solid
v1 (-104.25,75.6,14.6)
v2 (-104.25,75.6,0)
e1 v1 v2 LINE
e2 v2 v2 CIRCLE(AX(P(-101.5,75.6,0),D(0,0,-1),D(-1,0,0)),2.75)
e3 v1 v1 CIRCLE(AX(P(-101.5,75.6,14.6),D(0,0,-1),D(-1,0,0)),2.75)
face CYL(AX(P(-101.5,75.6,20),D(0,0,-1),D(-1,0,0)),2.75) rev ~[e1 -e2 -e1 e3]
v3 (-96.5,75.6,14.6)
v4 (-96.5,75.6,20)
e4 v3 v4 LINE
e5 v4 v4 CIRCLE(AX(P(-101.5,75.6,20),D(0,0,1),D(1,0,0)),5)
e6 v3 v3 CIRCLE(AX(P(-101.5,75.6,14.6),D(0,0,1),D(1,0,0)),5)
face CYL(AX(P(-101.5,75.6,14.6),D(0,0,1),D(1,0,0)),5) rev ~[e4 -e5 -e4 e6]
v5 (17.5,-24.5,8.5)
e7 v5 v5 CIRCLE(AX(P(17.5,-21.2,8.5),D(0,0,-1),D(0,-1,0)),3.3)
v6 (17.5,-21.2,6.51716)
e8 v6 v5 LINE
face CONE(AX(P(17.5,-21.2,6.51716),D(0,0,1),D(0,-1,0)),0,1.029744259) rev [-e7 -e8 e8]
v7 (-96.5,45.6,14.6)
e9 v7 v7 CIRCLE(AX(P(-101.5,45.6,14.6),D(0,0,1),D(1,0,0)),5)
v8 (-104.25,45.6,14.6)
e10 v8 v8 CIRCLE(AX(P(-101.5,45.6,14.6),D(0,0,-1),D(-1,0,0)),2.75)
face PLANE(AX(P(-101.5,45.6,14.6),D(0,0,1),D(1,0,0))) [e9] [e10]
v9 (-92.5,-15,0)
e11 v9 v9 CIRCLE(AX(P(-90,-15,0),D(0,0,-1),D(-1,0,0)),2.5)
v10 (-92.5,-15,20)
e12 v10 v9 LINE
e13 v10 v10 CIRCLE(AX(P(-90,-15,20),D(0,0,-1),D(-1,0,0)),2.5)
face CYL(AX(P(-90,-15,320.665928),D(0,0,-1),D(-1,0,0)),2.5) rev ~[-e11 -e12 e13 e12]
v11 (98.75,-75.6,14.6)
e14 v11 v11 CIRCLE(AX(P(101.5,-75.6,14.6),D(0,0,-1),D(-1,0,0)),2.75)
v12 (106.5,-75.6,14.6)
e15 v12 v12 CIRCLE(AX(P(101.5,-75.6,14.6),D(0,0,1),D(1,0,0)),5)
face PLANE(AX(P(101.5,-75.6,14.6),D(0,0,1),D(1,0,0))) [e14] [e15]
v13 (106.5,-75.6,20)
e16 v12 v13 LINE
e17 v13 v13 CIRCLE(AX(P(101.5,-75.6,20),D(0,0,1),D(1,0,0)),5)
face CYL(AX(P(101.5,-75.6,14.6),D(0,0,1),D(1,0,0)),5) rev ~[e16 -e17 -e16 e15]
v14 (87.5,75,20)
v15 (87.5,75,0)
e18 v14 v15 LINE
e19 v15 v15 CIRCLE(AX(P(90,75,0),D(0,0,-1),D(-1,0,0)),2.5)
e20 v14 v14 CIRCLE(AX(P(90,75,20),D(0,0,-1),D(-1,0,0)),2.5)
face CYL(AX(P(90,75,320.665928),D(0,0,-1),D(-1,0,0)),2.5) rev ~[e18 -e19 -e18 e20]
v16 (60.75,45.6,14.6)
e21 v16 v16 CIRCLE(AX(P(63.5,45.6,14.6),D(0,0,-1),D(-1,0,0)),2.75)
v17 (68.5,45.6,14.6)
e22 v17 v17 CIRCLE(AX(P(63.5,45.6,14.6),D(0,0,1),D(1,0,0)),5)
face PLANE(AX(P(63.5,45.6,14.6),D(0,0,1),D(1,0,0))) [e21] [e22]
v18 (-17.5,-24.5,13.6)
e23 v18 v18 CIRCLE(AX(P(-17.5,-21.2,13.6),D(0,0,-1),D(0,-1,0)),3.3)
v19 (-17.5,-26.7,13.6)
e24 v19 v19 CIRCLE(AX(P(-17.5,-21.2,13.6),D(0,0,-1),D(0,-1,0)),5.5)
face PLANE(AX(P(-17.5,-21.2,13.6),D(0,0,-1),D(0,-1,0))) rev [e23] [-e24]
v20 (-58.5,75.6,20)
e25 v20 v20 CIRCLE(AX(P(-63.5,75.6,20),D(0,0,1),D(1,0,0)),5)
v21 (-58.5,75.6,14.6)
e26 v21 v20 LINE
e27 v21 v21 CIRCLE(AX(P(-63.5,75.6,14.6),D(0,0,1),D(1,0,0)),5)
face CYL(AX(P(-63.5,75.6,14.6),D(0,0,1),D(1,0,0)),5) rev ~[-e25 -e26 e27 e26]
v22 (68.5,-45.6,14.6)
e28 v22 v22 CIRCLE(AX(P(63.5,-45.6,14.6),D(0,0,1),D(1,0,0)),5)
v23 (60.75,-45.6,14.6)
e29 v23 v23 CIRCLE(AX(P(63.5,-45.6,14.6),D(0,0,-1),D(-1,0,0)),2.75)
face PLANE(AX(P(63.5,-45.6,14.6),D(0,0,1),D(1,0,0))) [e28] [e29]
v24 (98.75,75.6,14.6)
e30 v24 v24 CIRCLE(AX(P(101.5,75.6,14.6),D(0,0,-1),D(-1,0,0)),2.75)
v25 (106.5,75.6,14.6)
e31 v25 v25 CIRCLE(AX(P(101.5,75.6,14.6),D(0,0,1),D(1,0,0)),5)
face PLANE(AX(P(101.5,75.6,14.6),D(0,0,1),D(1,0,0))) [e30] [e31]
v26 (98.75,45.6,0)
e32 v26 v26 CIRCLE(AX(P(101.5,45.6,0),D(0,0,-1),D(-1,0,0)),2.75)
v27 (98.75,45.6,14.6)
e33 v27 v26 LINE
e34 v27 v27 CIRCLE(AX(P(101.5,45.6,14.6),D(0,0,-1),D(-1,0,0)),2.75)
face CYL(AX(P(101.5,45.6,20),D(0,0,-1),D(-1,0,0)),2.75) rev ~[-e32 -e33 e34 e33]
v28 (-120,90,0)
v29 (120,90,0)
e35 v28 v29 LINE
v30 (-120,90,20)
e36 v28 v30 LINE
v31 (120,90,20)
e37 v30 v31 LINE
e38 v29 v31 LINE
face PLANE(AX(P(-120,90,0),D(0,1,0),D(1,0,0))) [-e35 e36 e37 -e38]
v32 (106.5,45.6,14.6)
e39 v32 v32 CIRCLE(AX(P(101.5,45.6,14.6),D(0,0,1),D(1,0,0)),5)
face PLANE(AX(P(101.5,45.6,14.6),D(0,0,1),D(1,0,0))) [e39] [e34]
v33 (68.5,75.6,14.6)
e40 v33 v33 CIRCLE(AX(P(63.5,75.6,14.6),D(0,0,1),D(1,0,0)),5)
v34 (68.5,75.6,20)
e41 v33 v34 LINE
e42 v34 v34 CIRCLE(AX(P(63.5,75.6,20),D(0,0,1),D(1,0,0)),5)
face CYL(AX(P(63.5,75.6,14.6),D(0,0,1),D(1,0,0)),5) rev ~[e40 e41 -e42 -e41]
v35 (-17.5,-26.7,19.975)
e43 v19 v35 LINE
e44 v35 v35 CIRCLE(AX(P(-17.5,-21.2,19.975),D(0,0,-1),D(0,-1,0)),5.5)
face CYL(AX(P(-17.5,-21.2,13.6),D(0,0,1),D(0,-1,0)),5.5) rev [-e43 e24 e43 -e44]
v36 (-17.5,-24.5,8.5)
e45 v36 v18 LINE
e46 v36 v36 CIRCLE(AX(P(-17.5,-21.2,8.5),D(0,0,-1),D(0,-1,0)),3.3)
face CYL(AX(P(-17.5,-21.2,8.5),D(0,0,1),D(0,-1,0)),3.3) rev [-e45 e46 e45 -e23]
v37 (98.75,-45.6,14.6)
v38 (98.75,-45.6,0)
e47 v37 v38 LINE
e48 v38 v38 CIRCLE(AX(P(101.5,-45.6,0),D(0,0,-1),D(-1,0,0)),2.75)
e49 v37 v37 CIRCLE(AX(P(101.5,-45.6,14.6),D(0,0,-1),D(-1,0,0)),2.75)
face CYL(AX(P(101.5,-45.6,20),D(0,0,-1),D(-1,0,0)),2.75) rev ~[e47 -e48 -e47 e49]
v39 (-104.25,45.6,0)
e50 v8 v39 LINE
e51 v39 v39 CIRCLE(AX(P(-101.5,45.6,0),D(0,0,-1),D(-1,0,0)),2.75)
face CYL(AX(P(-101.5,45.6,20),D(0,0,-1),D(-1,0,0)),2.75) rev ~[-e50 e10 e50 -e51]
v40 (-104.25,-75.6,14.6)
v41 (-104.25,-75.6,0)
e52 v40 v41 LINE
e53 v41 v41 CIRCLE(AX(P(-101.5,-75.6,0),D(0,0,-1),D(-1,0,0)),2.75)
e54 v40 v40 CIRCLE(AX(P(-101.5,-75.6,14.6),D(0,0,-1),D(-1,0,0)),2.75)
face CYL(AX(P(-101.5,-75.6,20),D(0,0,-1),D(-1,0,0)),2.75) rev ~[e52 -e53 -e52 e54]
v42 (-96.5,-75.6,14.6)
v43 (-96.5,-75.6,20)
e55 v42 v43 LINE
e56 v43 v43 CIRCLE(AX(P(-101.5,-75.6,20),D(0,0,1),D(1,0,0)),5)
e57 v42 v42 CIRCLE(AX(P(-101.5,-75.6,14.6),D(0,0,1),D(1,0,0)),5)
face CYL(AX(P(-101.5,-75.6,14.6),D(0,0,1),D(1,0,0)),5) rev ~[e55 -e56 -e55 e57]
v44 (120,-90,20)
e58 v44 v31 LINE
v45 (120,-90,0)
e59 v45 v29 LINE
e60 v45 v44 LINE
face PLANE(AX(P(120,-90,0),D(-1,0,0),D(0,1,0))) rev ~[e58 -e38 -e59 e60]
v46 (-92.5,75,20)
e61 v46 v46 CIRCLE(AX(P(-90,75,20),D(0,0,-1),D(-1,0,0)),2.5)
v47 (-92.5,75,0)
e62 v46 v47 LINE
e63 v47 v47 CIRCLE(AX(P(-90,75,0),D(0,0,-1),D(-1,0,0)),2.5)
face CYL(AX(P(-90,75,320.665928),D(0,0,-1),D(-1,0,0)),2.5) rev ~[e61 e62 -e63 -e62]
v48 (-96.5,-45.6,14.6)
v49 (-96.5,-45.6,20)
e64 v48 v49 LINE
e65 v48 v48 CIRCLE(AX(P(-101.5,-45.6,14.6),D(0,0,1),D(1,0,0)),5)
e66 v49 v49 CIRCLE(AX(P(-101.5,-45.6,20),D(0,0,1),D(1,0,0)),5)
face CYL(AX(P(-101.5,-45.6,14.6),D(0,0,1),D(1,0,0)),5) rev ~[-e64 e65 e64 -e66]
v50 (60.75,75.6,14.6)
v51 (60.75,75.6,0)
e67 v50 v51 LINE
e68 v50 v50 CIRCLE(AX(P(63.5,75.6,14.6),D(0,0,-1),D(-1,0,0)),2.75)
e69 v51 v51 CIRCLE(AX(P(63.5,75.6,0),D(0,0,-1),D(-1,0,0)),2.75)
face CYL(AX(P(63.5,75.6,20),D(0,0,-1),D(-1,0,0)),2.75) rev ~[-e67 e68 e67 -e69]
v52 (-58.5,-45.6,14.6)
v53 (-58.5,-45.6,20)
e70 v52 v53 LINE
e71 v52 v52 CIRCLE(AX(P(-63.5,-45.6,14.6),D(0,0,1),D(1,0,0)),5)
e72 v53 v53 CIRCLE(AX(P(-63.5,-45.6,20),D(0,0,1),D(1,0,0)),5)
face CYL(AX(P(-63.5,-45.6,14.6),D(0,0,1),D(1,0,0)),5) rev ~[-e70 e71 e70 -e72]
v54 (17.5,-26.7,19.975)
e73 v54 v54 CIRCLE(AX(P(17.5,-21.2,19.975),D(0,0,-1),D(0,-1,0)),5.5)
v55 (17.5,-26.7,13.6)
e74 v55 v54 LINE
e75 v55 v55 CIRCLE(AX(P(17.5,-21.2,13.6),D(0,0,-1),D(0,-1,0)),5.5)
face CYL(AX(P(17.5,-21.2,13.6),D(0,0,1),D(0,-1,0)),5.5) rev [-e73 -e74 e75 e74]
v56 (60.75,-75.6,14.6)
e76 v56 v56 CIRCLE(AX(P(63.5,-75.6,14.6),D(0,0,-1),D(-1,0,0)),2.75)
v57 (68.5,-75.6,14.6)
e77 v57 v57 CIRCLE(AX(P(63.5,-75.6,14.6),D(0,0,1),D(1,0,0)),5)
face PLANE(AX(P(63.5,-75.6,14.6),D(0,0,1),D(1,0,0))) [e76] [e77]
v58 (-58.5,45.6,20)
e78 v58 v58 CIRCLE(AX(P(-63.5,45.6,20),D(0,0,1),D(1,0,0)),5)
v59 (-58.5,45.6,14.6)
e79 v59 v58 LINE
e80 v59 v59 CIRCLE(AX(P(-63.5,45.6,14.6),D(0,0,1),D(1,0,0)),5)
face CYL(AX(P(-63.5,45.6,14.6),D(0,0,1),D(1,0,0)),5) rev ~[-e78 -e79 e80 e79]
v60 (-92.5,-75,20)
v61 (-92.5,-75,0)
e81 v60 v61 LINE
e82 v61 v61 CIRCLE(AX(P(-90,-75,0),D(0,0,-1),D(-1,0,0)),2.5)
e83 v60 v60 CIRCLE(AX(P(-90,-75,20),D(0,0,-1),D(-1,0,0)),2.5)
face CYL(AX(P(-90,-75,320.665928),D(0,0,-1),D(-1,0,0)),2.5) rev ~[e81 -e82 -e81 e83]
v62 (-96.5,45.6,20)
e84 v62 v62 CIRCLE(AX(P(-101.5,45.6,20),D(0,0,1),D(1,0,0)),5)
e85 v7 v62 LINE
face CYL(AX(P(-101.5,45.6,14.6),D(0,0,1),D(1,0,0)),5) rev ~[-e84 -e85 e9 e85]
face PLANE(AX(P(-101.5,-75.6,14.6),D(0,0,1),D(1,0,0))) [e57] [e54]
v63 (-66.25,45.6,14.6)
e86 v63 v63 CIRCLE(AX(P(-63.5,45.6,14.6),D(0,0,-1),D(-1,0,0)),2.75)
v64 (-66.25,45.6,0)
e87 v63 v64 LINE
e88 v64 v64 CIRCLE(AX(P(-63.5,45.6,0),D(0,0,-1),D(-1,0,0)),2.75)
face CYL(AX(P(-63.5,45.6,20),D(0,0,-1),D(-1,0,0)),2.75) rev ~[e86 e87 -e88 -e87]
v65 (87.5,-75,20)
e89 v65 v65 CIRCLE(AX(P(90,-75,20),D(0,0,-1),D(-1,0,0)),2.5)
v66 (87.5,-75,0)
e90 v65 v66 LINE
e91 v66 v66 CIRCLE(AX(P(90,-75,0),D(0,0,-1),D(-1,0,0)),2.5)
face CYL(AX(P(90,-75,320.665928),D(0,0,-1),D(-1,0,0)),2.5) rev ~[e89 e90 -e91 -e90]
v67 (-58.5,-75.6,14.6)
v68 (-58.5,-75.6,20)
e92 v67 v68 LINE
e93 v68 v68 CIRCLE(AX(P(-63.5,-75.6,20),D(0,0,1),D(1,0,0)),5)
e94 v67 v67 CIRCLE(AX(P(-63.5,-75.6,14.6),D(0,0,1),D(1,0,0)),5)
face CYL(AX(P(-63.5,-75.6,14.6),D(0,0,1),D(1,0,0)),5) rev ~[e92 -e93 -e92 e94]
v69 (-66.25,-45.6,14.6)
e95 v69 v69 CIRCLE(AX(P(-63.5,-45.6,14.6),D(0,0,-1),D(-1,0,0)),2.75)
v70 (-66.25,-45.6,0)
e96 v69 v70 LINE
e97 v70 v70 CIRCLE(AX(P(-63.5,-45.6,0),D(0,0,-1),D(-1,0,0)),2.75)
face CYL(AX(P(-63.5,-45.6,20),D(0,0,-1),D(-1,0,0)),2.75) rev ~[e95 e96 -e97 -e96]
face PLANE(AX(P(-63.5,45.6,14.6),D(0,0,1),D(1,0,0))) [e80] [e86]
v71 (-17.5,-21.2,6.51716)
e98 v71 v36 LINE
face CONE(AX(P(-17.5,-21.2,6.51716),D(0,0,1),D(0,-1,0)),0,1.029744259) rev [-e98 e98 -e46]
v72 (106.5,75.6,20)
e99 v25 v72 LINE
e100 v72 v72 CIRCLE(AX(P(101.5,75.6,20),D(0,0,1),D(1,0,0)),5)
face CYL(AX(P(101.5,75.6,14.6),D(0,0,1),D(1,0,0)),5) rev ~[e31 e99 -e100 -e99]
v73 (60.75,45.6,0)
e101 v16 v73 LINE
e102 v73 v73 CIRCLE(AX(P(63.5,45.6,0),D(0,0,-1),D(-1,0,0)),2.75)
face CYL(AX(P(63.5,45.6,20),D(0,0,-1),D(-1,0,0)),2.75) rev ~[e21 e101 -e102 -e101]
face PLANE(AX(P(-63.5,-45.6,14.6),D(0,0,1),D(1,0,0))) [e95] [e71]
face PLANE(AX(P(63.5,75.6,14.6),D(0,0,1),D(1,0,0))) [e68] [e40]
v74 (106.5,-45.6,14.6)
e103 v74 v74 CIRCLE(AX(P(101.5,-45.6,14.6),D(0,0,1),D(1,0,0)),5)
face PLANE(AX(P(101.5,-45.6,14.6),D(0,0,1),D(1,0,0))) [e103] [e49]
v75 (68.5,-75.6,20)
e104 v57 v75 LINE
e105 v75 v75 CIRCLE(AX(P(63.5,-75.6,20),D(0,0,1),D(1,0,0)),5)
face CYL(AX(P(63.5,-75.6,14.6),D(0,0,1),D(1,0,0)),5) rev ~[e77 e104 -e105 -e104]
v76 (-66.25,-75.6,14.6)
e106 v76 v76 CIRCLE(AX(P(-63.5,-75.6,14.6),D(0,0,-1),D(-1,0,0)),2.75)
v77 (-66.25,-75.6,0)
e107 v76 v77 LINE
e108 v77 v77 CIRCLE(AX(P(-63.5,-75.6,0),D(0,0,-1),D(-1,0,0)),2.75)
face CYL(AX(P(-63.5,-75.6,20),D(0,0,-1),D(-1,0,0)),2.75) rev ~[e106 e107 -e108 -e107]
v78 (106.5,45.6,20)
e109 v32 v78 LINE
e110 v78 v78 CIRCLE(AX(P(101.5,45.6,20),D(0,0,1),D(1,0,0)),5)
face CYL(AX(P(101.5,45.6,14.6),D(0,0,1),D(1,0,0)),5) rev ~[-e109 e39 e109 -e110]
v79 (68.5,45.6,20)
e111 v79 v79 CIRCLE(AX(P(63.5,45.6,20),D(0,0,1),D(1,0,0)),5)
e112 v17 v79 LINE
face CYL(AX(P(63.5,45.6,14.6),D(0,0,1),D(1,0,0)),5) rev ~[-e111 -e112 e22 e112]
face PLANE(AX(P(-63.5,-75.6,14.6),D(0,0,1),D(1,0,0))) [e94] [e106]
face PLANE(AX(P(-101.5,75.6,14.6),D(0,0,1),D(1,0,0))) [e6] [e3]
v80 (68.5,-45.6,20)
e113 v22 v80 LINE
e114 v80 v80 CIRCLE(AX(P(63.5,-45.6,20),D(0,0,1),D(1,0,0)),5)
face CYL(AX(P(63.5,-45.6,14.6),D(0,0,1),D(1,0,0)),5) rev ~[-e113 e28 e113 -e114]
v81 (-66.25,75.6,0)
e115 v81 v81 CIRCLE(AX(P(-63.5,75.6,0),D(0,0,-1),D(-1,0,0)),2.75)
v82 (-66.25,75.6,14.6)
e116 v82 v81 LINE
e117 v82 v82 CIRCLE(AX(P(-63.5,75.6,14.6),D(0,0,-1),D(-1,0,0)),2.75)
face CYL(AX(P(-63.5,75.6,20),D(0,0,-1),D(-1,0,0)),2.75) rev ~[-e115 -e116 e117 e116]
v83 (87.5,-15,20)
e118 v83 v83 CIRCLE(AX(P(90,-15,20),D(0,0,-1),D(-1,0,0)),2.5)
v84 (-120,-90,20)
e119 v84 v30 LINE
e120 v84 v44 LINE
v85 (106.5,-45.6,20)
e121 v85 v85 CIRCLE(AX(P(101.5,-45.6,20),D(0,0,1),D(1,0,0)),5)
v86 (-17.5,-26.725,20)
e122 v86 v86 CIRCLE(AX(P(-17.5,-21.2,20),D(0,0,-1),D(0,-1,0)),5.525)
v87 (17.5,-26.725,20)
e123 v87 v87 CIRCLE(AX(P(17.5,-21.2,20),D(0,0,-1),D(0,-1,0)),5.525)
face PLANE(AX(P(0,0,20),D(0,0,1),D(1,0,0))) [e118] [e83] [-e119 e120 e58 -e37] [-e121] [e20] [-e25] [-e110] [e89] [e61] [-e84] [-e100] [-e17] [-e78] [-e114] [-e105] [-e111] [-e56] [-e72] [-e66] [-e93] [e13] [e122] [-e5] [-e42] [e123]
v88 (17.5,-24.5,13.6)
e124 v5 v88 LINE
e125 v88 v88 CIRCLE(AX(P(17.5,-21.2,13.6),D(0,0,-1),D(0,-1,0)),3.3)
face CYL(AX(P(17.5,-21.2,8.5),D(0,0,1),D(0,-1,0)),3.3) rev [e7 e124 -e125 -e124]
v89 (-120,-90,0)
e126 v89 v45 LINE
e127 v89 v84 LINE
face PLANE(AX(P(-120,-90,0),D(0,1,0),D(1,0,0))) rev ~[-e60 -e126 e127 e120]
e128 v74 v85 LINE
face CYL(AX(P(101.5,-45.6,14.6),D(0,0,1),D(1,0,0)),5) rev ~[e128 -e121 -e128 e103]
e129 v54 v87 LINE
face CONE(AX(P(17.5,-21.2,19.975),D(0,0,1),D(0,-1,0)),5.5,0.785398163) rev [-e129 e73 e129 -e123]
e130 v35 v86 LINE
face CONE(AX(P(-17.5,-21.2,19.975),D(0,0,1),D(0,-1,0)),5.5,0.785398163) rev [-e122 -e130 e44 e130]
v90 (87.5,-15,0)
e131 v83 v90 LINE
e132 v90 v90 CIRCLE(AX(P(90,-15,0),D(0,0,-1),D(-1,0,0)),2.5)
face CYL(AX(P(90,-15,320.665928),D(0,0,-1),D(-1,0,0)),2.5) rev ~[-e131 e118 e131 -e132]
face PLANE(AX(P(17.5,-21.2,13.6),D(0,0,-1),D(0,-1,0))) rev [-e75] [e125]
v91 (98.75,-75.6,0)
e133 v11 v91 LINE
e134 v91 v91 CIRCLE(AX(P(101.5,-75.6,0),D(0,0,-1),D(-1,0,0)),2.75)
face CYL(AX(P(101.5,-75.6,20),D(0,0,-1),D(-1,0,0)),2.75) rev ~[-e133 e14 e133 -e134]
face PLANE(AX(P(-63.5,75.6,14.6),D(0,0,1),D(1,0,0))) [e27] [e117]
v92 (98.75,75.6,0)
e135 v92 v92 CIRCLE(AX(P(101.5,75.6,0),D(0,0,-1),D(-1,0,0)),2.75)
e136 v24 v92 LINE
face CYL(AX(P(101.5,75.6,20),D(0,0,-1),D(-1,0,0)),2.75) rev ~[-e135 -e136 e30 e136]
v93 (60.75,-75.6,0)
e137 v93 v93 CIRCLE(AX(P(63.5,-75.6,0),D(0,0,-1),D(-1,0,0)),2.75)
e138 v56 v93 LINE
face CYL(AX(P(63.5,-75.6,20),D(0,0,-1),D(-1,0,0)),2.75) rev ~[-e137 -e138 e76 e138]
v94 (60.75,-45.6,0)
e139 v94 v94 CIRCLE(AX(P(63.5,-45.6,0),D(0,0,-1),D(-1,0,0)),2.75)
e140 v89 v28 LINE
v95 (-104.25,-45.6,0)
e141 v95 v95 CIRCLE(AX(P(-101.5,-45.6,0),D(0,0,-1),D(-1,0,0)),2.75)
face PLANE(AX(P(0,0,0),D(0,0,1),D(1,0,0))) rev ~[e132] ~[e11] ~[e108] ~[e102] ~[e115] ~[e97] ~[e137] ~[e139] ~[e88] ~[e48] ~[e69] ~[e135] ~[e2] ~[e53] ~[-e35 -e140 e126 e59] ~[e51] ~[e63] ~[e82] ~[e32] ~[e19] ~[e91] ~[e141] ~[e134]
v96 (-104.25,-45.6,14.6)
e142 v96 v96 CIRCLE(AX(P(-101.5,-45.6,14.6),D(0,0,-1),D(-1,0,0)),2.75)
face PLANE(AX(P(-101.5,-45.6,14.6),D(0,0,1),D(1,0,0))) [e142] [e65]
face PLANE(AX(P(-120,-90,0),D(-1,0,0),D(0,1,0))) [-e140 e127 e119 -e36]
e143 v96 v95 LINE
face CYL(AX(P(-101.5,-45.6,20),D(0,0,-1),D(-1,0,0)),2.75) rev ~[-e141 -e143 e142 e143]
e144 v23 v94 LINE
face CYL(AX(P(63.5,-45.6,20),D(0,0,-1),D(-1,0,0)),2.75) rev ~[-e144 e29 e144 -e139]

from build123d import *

# Parameters (mm, degrees)
SKETCH2_W                                           = 240
SKETCH2_H                                           = 180
EXTRUDE1_DEPTH                                      = 20
CBORE_FOR_M5_HEX_SOCKET_HEAD_CAP_SCREW1_D           = 5.5
CBORE_FOR_M5_HEX_SOCKET_HEAD_CAP_SCREW1_DEPTH       = 29
CBORE_FOR_M5_HEX_SOCKET_HEAD_CAP_SCREW1_CBORE_D     = 10
CBORE_FOR_M5_HEX_SOCKET_HEAD_CAP_SCREW1_CBORE_DEPTH = 5.4
CBORE_FOR_M5_HEX_SOCKET_HEAD_CAP_SCREW1_TIP         = 1.652366702
M6_TAPPED_HOLE1_D                                   = 5
CBORE_FOR_M6_HEX_SOCKET_HEAD_CAP_SCR_2_COUNT        = 2
CBORE_FOR_M6_HEX_SOCKET_HEAD_CAP_SCR_2_PITCH        = 35


with BuildPart() as part:
    # Sketch2 → Extrude1 (new body)
    with BuildSketch(Plane.XY):
        Rectangle(SKETCH2_W, SKETCH2_H)
    extrude(amount=EXTRUDE1_DEPTH)

    # CBORE for M5 Hex Socket Head Cap Screw1
    with Locations(Plane.XY.offset(20)):
        with Locations((-101.5, 75.6), (-63.5, 75.6), (-63.5, 45.6), (-101.5, 45.6), (63.5, 75.6), (101.5, 75.6), (101.5, 45.6), (63.5, 45.6), (101.5, -45.6), (63.5, -45.6), (63.5, -75.6), (101.5, -75.6), (-63.5, -75.6), (-63.5, -45.6), (-101.5, -45.6), (-101.5, -75.6)):
            CounterBoreHole(CBORE_FOR_M5_HEX_SOCKET_HEAD_CAP_SCREW1_D / 2, CBORE_FOR_M5_HEX_SOCKET_HEAD_CAP_SCREW1_CBORE_D / 2, CBORE_FOR_M5_HEX_SOCKET_HEAD_CAP_SCREW1_CBORE_DEPTH, depth=CBORE_FOR_M5_HEX_SOCKET_HEAD_CAP_SCREW1_DEPTH)
            with Locations((0, 0, -(CBORE_FOR_M5_HEX_SOCKET_HEAD_CAP_SCREW1_DEPTH + CBORE_FOR_M5_HEX_SOCKET_HEAD_CAP_SCREW1_TIP / 2))):  # 118° drill point
                Cone(0, CBORE_FOR_M5_HEX_SOCKET_HEAD_CAP_SCREW1_D / 2, CBORE_FOR_M5_HEX_SOCKET_HEAD_CAP_SCREW1_TIP, mode=Mode.SUBTRACT)

    # M6 Tapped Hole1 (through all)
    with Locations(Plane.XY.offset(20)):
        with Locations((-90, 75), (90, 75), (90, -15), (90, -75), (-90, -15), (-90, -75)):
            Hole(M6_TAPPED_HOLE1_D / 2)

    # Sketch8 → CBORE for M6 Hex Socket Head Cap Screw1 (revolve, cut)
    with BuildSketch(Plane(origin=(17.5, -21.2, 20), x_dir=(0, -1, 0), z_dir=(1, 0, 0))):
        Polygon((0, 0), (0, 13.482840043), (3.3, 11.5), (3.3, 6.4), (5.5, 6.4), (5.5, 0.025), (5.525, 0), align=None)
    cbore_for_m6_hex_socket_head_cap_screw1 = revolve(axis=Axis((17.5, -21.2, 26.35), (0, 0, -1)), mode=Mode.SUBTRACT)

    # CBORE for M6 Hex Socket Head Cap Scr 2: CBORE for M6 Hex Socket Head Cap Screw1 ×2
    with Locations(*[(-i * CBORE_FOR_M6_HEX_SOCKET_HEAD_CAP_SCR_2_PITCH, 0, 0) for i in range(1, CBORE_FOR_M6_HEX_SOCKET_HEAD_CAP_SCR_2_COUNT)]):
        add(cbore_for_m6_hex_socket_head_cap_screw1, mode=Mode.SUBTRACT)


solid = part.part
